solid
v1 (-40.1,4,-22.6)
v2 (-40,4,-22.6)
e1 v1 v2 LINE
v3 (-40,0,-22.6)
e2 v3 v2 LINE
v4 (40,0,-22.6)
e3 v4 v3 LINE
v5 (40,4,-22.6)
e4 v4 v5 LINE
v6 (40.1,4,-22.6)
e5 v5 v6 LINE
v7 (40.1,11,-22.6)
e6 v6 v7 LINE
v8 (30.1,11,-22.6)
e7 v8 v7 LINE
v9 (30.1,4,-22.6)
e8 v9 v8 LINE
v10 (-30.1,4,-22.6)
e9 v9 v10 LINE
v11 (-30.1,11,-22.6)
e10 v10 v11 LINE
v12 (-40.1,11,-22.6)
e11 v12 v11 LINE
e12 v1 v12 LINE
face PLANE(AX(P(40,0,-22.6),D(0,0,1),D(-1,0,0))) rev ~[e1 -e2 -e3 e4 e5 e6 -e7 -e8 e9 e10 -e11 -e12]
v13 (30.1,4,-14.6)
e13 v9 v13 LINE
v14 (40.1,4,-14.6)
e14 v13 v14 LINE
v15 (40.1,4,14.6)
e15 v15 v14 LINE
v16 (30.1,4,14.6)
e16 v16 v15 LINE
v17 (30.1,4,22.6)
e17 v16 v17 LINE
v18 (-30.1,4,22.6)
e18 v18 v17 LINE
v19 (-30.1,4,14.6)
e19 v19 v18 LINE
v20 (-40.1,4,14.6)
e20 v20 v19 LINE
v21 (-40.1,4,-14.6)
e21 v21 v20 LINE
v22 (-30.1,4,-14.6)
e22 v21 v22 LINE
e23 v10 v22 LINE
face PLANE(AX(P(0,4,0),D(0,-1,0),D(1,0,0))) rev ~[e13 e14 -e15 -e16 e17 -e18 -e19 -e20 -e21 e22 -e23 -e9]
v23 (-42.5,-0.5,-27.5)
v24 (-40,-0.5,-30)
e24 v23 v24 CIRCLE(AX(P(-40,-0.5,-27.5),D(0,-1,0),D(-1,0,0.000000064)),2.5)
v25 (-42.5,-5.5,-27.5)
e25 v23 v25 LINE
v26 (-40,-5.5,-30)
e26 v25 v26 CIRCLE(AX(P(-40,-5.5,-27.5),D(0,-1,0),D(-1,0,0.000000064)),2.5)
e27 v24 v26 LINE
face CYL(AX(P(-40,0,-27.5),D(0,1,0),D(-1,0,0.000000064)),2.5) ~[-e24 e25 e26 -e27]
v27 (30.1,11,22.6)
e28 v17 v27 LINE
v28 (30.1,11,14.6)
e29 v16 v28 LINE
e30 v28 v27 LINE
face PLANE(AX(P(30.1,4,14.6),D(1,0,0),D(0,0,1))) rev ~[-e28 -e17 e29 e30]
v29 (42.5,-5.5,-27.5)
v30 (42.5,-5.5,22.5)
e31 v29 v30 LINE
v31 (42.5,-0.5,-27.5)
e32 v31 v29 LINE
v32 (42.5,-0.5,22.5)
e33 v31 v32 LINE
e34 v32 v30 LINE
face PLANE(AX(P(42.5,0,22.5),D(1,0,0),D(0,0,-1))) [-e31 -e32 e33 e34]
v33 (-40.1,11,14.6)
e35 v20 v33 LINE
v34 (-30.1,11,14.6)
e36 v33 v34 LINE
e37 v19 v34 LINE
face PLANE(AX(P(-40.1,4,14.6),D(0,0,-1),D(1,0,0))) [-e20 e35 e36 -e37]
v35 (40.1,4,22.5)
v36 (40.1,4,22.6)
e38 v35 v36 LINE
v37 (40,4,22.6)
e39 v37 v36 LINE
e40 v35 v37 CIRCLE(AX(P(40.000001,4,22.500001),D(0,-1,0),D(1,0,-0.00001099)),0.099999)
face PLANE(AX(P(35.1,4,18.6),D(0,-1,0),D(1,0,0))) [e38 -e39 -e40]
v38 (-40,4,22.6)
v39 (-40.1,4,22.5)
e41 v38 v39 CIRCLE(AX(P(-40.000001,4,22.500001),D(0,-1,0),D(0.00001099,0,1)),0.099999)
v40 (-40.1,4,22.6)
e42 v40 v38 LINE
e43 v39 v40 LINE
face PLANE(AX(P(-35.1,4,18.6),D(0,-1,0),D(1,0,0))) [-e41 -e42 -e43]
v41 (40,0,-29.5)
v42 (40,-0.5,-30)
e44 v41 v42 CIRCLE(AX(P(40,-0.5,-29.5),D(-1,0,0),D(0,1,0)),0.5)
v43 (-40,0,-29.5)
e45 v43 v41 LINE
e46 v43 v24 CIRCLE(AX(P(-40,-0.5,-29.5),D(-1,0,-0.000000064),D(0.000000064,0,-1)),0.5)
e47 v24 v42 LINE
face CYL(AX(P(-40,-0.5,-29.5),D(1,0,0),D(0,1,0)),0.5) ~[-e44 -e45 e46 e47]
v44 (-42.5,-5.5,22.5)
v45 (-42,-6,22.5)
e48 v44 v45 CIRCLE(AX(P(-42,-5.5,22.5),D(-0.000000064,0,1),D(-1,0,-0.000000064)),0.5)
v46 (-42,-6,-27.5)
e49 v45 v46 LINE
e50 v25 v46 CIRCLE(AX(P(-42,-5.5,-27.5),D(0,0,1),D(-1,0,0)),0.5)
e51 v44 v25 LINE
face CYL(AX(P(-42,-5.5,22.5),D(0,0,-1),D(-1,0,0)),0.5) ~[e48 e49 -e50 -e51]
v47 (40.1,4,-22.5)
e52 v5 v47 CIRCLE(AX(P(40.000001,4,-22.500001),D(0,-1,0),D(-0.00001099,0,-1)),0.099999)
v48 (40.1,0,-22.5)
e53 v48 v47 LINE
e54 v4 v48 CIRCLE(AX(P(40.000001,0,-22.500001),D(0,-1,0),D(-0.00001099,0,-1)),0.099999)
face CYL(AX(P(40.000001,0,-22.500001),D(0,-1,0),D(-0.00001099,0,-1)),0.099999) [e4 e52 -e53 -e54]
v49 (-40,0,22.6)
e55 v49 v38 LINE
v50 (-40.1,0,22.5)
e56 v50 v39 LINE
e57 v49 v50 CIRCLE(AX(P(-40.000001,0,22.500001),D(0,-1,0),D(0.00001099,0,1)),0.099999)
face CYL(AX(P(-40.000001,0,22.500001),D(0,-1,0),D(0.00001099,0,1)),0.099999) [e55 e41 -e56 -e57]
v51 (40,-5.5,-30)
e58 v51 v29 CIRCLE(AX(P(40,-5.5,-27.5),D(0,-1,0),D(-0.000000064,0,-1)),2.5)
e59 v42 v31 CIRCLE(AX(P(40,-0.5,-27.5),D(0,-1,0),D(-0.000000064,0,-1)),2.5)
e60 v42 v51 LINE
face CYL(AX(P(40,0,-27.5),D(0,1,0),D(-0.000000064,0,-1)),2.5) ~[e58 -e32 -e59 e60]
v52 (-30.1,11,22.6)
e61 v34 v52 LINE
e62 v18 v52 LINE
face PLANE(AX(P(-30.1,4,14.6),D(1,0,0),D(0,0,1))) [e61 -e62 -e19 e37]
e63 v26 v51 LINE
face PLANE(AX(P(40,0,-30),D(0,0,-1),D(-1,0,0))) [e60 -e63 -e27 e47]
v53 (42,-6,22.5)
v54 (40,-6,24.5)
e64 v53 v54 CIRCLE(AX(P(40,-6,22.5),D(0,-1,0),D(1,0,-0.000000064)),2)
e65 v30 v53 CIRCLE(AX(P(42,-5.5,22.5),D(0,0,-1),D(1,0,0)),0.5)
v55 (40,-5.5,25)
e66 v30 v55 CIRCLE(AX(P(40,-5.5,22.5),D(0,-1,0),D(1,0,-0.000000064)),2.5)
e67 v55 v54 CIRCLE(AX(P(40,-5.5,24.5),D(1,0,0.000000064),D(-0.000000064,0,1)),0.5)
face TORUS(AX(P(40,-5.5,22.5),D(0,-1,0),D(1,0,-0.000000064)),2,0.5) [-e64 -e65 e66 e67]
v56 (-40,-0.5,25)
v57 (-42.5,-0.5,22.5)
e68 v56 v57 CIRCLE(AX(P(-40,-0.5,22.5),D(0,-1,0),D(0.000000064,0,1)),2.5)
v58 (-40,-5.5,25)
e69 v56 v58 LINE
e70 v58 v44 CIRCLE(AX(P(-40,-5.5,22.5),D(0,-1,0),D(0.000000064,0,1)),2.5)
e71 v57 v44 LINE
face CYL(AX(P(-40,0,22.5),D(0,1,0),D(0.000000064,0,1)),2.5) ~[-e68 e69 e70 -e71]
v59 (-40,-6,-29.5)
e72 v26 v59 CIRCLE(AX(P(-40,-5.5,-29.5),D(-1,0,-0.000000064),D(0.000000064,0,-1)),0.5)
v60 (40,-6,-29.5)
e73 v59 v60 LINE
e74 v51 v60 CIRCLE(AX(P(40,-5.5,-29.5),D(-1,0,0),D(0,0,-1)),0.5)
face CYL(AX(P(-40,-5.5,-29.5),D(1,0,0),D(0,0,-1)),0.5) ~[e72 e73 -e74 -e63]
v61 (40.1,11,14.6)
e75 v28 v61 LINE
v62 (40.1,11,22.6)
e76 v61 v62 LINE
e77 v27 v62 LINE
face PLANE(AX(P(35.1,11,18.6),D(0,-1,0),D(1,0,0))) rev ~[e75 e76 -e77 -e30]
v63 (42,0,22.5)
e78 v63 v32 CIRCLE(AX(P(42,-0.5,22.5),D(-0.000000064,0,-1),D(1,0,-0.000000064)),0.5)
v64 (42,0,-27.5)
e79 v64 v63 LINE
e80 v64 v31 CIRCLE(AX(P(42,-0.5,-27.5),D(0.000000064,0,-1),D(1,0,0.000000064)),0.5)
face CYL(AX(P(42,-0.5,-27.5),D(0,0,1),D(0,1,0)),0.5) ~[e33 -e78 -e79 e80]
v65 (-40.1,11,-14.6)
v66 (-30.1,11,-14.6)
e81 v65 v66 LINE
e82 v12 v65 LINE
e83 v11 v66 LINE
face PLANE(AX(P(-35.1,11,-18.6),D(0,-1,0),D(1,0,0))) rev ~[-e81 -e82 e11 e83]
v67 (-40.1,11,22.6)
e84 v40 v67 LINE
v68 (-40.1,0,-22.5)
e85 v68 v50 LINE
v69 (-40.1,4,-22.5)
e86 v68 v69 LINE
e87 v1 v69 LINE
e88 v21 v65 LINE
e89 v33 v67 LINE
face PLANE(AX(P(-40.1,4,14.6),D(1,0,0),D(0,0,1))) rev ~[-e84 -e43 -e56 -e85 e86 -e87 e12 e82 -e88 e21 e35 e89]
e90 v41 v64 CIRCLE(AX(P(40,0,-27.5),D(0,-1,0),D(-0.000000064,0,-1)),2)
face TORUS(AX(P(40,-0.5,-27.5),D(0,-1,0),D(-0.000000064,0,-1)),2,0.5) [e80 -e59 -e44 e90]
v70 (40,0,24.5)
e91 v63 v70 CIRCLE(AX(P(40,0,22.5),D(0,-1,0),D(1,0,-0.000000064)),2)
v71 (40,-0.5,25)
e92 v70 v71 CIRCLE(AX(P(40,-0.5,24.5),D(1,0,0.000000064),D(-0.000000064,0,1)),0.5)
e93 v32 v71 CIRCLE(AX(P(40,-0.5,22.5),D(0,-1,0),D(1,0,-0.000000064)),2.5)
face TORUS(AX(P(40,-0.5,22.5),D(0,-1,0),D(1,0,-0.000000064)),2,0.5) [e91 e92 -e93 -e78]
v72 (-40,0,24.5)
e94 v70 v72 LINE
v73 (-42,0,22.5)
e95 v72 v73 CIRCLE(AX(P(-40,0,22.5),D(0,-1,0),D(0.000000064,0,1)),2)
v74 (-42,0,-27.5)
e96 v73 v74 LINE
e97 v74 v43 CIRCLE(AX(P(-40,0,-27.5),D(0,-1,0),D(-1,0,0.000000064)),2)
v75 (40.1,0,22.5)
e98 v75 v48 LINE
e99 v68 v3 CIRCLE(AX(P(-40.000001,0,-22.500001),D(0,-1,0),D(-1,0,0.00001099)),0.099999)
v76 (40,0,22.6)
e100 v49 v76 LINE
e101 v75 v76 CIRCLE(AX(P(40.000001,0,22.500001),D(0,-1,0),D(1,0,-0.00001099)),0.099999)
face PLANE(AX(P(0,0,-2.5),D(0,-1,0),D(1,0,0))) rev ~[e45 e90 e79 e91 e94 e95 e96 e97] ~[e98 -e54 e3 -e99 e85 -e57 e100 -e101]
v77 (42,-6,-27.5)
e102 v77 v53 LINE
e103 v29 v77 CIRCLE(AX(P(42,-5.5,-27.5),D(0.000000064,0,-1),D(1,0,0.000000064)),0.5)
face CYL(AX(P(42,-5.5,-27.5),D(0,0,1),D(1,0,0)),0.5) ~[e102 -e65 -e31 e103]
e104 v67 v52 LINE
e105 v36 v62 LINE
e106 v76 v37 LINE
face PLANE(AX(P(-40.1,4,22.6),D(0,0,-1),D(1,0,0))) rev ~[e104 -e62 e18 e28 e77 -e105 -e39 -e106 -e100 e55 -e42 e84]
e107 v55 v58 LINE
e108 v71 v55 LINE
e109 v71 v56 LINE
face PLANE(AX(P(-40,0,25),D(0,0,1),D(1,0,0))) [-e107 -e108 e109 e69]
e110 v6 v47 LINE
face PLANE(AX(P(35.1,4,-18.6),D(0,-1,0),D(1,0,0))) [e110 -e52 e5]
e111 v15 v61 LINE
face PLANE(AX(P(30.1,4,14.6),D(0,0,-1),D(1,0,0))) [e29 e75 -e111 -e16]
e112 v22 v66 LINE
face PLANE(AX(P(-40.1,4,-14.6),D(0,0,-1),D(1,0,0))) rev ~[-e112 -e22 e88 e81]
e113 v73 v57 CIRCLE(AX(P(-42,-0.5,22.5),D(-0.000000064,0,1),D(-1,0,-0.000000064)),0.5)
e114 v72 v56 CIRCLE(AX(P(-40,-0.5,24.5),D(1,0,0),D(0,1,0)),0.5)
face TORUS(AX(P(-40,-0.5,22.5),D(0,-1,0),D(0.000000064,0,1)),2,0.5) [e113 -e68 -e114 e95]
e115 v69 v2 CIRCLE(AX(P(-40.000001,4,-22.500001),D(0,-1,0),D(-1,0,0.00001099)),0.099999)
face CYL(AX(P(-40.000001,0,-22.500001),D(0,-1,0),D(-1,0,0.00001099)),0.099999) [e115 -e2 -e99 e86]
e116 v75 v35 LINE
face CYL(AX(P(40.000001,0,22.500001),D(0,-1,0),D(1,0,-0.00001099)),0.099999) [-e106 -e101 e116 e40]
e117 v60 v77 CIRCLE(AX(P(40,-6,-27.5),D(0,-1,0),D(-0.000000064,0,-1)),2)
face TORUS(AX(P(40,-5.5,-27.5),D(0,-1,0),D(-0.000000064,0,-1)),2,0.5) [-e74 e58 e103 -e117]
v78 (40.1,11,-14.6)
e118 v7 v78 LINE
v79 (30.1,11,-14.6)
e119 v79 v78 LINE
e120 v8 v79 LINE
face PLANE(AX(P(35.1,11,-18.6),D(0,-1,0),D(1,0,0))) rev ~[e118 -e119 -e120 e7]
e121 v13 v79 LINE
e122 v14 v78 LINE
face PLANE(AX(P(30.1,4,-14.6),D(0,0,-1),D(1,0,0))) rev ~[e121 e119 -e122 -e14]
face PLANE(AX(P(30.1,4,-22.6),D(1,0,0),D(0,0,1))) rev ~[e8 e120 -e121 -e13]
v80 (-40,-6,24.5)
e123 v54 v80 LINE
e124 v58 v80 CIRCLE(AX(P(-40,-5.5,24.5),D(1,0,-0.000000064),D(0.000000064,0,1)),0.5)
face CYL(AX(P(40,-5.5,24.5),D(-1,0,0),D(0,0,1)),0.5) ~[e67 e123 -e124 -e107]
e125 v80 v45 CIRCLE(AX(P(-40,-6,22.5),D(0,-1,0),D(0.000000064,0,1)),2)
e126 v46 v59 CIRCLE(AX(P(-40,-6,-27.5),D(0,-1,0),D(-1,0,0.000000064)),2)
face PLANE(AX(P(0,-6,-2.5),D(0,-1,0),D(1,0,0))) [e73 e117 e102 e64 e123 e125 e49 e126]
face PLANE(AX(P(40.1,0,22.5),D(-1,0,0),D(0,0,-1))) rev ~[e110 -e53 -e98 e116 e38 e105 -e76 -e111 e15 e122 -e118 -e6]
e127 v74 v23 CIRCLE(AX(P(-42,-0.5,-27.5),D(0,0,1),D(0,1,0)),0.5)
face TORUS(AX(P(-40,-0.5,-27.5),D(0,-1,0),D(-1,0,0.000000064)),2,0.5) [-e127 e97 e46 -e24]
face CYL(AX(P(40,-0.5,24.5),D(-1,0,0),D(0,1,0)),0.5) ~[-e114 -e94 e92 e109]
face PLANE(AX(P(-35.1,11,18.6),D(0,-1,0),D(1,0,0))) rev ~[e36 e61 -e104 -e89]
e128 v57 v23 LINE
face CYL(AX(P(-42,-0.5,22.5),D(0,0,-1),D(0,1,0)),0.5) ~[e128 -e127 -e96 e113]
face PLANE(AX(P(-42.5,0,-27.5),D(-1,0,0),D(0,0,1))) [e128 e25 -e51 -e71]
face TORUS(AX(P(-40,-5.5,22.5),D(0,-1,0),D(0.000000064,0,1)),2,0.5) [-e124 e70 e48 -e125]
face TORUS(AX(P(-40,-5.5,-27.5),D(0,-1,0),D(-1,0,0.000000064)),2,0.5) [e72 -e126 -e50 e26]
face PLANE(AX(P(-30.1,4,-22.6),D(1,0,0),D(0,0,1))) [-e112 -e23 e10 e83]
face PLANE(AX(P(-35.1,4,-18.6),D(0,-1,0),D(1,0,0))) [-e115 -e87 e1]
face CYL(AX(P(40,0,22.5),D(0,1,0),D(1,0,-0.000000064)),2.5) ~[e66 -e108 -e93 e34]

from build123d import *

# Parameters (mm, degrees)
PAD001_DEPTH = 6
PAD002_DEPTH = 4
SKETCH_W     = 10
SKETCH_H     = 8
PAD_DEPTH    = 7
FILLET_R     = 0.5


with BuildPart() as part:
    # Sketch008 → Pad001 (new body)
    with BuildSketch(Plane.XZ):
        with BuildLine():
            ThreePointArc((-40, 25), (-41.767767, 24.267767), (-42.5, 22.5))
            Line((-42.5, -27.5), (-42.5, 22.5))
            ThreePointArc((-42.5, -27.5), (-41.767767, -29.267767), (-40, -30))
            Line((40, -30), (-40, -30))
            ThreePointArc((40, -30), (41.767767, -29.267767), (42.5, -27.5))
            Line((42.5, 22.5), (42.5, -27.5))
            ThreePointArc((42.5, 22.5), (41.767767, 24.267767), (40, 25))
            Line((-40, 25), (40, 25))
        make_face()
    extrude(amount=PAD001_DEPTH)

    # Sketch009 → Pad002 (join)
    with BuildSketch(Plane.XZ):
        with BuildLine():
            ThreePointArc((-40, 22.6), (-40.070711, 22.570711), (-40.1, 22.5))
            Line((-40.1, -22.5), (-40.1, 22.5))
            ThreePointArc((-40.1, -22.5), (-40.070711, -22.570711), (-40, -22.6))
            Line((40, -22.6), (-40, -22.6))
            ThreePointArc((40, -22.6), (40.070711, -22.570711), (40.1, -22.5))
            Line((40.1, 22.5), (40.1, -22.5))
            ThreePointArc((40.1, 22.5), (40.070711, 22.570711), (40, 22.6))
            Line((-40, 22.6), (40, 22.6))
        make_face()
    extrude(amount=-PAD002_DEPTH)

    # Sketch → Pad (join)
    with BuildSketch(Plane.XZ.offset(-4)):
        with Locations((-35.1, 18.6)):
            Rectangle(SKETCH_W, SKETCH_H)
        with Locations((35.1, 18.6)):
            Rectangle(SKETCH_W, SKETCH_H)
        with Locations((35.1, -18.6)):
            Rectangle(SKETCH_W, SKETCH_H)
        with Locations((-35.1, -18.6)):
            Rectangle(SKETCH_W, SKETCH_H)
    extrude(amount=-PAD_DEPTH)

    # Fillet
    fillet_edges = [part.edges().sort_by_distance(p)[0] for p in [
        (-41.767767, -6, 24.267767),
        (0, -6, 25),
        (41.767767, -6, 24.267767),
        (42.5, -6, -2.5),
        (41.767767, -6, -29.267767),
        (0, -6, -30),
        (-41.767767, -6, -29.267767),
        (-42.5, -6, -2.5),
        (41.767767, 0, 24.267767),
        (0, 0, 25),
        (42.5, 0, -2.5),
        (41.767767, 0, -29.267767),
        (0, 0, -30),
        (-41.767767, 0, -29.267767),
        (-42.5, 0, -2.5),
        (-41.767767, 0, 24.267767),
    ]]
    fillet(fillet_edges, radius=FILLET_R)


solid = part.part
